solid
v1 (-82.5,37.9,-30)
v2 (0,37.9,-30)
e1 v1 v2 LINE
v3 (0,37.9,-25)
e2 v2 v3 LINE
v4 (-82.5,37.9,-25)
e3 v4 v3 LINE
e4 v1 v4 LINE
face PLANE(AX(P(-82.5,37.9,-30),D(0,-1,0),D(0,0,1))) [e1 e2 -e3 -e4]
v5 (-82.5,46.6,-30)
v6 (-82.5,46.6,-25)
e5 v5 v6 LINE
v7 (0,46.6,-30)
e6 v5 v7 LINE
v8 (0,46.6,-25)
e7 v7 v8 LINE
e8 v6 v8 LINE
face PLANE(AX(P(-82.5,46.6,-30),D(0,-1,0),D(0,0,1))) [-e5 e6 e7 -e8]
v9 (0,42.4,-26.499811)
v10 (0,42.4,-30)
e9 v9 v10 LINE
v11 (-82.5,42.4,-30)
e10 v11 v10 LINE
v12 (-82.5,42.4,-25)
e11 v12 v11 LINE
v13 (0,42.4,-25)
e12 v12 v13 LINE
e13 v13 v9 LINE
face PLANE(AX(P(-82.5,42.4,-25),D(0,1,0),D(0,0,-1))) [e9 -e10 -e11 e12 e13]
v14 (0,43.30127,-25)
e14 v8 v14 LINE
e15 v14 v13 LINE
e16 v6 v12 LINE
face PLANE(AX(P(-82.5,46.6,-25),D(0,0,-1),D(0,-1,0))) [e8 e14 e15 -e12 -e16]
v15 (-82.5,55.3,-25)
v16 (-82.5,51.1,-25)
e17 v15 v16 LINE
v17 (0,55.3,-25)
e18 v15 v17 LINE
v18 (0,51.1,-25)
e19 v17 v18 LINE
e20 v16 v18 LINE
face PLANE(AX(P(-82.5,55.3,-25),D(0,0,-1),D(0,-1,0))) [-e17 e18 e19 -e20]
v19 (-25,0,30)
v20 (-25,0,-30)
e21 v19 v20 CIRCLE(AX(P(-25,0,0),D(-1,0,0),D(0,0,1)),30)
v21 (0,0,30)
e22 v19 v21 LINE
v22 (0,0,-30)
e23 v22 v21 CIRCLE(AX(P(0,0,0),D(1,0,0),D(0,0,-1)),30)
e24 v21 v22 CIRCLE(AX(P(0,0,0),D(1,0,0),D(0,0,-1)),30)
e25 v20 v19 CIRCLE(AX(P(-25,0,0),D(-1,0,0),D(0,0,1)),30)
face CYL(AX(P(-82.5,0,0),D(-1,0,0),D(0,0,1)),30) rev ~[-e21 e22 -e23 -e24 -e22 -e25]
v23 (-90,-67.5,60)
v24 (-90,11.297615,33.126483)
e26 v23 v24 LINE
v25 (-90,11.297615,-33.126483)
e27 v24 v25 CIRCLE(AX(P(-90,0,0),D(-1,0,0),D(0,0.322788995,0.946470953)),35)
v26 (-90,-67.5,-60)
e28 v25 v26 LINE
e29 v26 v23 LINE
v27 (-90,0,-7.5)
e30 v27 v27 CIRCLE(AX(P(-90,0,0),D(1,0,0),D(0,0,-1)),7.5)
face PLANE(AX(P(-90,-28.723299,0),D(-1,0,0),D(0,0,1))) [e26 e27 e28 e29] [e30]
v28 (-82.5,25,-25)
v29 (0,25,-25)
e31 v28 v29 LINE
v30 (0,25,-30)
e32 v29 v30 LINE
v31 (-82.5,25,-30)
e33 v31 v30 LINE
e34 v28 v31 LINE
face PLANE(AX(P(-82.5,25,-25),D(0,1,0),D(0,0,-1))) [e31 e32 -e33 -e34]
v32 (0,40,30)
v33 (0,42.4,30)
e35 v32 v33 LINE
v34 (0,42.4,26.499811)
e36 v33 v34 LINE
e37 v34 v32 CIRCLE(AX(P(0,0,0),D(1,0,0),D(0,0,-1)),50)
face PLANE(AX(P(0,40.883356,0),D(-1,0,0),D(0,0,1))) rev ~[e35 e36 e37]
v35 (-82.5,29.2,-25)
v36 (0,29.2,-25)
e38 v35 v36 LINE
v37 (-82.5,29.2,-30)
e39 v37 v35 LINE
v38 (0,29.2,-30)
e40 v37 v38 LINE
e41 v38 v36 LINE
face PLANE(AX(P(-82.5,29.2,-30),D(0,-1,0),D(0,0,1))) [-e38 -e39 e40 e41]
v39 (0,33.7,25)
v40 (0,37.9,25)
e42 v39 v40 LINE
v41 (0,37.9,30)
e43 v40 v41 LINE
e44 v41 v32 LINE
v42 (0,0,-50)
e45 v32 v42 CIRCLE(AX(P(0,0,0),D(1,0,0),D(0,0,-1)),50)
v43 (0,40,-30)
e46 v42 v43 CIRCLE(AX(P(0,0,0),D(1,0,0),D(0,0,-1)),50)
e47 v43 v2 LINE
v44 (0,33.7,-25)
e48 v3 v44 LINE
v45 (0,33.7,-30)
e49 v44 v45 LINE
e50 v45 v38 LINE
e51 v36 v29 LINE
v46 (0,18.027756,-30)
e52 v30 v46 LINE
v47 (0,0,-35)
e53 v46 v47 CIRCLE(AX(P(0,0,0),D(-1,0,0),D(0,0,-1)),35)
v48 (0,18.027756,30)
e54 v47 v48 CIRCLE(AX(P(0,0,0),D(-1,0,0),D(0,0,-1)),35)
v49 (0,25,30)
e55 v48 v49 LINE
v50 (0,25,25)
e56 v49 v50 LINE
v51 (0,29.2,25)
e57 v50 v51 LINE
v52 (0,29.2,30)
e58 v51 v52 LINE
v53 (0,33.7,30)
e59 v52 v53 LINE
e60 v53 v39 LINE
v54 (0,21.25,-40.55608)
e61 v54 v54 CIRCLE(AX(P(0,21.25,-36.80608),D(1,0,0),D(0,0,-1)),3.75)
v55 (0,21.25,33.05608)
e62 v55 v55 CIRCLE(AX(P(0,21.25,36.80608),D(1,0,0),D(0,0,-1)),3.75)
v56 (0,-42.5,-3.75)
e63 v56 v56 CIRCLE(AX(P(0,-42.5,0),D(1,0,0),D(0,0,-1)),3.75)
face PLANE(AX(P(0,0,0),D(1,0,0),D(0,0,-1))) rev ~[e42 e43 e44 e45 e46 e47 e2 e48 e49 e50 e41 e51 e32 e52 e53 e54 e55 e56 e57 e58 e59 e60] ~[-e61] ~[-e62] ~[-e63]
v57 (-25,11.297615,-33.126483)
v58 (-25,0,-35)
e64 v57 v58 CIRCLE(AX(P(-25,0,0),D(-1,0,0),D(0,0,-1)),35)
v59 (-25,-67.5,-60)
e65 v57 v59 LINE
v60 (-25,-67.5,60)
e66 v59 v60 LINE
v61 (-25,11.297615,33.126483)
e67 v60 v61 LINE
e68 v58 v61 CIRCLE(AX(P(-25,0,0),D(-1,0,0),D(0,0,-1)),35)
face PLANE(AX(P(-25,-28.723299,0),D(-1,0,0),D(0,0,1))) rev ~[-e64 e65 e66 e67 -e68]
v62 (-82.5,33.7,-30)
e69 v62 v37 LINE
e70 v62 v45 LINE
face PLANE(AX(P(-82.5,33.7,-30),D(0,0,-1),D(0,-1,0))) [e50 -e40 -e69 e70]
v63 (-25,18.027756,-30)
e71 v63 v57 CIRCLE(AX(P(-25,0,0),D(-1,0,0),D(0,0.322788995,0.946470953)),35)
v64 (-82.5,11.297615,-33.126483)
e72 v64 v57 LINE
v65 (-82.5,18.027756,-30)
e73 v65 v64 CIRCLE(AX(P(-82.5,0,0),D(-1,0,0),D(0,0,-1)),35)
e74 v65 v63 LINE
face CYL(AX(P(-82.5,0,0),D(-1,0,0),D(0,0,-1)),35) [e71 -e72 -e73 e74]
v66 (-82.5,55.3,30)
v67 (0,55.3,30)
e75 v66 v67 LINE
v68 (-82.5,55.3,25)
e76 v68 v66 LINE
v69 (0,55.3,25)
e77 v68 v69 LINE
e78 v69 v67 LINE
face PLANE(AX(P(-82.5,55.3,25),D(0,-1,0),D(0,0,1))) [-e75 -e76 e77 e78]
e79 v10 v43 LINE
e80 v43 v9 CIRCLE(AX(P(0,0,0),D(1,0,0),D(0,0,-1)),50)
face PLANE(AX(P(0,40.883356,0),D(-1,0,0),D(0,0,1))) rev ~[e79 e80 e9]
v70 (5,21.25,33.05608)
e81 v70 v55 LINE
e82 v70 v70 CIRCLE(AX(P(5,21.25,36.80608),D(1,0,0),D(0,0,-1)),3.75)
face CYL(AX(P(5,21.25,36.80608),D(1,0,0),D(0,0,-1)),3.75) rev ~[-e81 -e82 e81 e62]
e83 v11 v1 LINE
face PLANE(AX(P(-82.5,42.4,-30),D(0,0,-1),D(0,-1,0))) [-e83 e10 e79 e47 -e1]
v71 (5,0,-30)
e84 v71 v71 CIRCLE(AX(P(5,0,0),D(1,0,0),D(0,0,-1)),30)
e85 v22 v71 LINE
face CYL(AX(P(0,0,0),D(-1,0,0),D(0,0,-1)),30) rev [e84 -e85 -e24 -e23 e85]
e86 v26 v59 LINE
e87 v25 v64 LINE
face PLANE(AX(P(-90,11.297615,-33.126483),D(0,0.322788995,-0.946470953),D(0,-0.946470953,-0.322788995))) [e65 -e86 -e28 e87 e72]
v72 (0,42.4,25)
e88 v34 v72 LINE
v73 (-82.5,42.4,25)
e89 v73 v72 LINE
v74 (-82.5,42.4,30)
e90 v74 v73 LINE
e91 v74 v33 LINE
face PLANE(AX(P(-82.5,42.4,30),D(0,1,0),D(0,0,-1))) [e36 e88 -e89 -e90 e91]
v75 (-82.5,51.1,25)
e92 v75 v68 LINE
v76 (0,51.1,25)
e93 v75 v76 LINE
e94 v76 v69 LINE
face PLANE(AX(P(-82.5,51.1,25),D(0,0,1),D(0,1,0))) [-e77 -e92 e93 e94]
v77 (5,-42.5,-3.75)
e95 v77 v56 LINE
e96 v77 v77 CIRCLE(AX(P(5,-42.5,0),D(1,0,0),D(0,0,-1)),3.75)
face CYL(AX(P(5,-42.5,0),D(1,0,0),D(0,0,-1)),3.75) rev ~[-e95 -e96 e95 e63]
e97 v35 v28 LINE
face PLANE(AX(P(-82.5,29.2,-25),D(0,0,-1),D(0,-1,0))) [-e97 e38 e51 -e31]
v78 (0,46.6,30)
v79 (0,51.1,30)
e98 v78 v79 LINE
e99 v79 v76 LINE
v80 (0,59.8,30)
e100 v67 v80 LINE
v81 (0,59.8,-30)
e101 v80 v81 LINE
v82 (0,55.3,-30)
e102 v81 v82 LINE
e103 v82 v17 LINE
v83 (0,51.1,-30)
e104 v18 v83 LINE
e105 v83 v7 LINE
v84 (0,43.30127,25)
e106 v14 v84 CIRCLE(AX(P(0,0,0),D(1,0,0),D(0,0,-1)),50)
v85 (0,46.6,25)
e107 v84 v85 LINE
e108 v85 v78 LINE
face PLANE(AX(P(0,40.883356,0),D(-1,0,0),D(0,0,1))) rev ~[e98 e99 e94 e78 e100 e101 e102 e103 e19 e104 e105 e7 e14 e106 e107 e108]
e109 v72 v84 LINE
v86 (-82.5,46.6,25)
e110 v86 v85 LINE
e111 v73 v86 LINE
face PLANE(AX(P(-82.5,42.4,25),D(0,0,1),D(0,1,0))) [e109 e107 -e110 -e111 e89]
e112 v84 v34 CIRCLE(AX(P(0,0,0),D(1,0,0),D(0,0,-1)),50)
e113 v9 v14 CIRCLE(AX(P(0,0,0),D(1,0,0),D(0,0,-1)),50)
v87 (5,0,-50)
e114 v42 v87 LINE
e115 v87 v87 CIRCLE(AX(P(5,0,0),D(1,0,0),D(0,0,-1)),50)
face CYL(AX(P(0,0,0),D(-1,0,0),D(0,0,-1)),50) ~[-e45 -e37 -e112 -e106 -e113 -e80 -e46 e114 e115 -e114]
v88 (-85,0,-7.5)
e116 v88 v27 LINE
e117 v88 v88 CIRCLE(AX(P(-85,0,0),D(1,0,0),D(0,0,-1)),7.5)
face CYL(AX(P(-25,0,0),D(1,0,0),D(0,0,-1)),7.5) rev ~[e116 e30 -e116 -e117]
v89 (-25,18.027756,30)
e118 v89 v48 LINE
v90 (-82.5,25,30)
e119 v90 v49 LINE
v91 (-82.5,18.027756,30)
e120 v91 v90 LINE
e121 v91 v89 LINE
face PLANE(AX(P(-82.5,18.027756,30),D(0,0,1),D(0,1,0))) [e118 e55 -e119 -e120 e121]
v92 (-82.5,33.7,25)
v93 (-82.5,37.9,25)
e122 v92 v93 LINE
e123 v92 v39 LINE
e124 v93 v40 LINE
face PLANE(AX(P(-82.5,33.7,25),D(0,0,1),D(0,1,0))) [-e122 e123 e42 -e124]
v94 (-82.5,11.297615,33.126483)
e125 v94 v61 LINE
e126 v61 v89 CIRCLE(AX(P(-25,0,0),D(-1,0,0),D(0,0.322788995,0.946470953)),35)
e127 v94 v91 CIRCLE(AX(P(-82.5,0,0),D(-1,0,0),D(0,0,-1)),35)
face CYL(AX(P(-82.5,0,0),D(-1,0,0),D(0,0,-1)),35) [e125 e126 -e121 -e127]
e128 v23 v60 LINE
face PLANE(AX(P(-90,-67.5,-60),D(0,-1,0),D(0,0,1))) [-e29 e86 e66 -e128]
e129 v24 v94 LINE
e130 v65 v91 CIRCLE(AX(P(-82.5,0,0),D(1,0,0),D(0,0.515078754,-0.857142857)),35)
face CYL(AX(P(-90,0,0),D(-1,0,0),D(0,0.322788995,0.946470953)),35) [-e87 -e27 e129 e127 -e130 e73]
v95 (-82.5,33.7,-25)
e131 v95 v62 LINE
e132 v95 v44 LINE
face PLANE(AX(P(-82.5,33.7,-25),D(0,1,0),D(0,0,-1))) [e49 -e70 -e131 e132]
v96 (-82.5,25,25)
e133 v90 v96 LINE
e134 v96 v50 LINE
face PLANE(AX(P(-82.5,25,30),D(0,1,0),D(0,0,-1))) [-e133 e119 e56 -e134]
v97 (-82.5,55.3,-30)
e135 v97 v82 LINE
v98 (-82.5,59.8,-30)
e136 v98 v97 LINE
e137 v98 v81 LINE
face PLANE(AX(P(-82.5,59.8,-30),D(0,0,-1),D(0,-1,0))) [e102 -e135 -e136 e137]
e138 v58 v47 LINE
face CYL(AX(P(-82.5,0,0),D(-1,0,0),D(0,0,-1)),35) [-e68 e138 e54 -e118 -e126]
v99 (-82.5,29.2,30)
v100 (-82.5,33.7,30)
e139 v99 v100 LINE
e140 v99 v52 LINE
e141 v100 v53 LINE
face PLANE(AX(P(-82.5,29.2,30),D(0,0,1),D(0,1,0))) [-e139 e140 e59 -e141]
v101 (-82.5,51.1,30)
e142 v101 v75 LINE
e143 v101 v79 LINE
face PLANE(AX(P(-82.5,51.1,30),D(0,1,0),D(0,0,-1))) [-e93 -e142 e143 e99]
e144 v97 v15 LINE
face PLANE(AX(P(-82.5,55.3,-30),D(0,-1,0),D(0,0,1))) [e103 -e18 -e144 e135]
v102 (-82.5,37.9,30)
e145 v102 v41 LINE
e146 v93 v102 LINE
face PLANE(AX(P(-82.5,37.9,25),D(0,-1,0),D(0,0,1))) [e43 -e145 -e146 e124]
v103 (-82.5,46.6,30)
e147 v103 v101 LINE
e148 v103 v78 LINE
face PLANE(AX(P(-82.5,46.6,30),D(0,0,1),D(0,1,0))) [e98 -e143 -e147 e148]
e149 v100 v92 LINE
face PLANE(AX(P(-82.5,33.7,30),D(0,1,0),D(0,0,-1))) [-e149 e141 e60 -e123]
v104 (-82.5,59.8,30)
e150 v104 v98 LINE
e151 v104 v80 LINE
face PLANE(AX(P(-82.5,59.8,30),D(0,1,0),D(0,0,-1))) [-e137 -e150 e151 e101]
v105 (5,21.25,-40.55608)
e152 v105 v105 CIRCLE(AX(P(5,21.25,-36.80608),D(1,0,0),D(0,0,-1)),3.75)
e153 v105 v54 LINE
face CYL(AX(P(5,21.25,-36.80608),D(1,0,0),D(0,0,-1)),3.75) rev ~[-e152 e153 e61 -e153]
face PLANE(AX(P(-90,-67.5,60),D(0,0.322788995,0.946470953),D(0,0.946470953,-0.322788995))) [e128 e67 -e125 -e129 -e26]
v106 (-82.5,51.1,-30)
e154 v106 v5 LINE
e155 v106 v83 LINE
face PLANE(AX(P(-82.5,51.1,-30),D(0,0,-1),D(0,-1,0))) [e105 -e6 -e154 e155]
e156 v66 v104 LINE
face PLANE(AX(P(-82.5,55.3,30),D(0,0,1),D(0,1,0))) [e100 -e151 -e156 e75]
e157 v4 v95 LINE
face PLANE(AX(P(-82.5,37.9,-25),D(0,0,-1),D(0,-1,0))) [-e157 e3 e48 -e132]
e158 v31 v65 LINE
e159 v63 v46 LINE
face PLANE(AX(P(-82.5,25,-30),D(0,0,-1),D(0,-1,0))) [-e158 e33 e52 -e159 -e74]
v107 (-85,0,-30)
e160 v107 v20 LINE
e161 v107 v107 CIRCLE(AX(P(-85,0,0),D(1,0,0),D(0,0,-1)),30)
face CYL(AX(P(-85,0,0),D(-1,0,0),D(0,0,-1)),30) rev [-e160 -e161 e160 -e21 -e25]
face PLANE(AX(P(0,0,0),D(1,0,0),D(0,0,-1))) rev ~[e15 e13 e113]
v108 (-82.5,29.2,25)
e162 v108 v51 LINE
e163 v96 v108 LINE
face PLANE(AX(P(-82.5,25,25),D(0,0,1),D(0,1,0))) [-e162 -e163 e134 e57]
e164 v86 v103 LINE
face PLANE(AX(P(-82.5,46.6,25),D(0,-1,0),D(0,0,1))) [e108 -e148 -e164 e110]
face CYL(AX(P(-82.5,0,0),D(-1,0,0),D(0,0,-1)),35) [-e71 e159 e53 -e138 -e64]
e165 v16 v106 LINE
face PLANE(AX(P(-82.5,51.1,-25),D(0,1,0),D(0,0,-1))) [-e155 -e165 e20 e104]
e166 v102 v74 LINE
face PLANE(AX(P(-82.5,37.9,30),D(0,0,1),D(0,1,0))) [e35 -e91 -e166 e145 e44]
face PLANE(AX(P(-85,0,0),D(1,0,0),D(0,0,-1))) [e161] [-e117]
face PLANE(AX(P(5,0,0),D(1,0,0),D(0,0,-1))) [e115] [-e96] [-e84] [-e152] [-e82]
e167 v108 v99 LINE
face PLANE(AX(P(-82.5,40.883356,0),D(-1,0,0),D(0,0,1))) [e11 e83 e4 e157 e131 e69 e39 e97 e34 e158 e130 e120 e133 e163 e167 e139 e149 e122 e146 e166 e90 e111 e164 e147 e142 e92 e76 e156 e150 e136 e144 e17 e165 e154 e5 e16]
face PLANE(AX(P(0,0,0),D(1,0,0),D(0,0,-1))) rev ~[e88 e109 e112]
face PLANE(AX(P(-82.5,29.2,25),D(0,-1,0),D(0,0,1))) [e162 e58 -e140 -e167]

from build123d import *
from build123d.topology import SkipClean

# Parameters (mm, degrees)
SKETCH1_R           = 50
SKETCH1_R_2         = 30
BOSS_EXTRUDE1_DEPTH = 5
BOSS_EXTRUDE2_START = 82.5
SKETCH2_R           = 35
SKETCH2_R_2         = 30
BOSS_EXTRUDE2_DEPTH = 82.5
BOSS_EXTRUDE3_DEPTH = 65
SKETCH4_R           = 3.75
CUT_EXTRUDE2_DEPTH  = 5
BOSS_EXTRUDE4_START = 82.5
BOSS_EXTRUDE4_DEPTH = 82.5
SKETCH7_R           = 7.5
CUT_EXTRUDE3_DEPTH  = 112.271065421
CUT_EXTRUDE4_START  = -60
SKETCH8_R           = 30
CUT_EXTRUDE4_DEPTH  = 60


with BuildPart() as part:
    # Sketch1 → Boss-Extrude1 (new body)
    with BuildSketch(Plane(origin=(0, 0, 0), x_dir=(0, 0, -1), z_dir=(1, 0, 0))):
        Circle(SKETCH1_R)
        Circle(SKETCH1_R_2, mode=Mode.SUBTRACT)
    extrude(amount=BOSS_EXTRUDE1_DEPTH)

    # Sketch2 → Boss-Extrude2 (add)
    with SkipClean():  # the faces are left unmerged after this step: merging them gives an invalid solid
        with BuildSketch(Plane.ZY.offset(BOSS_EXTRUDE2_START)):
            with Locations(Location((0, 0, 0), (0, 0, 180))):
                Circle(SKETCH2_R)
            Circle(SKETCH2_R_2, mode=Mode.SUBTRACT)
        extrude(amount=-BOSS_EXTRUDE2_DEPTH)

    # Sketch3 → Boss-Extrude3 (add)
    with SkipClean():  # the faces are left unmerged after this step: merging them gives an invalid solid
        with BuildSketch(Plane.ZY.offset(90)):
            with BuildLine():
                Line((-60, -67.5), (60, -67.5))
                Line((60, -67.5), (33.12648335, 11.29761483))
                ThreePointArc((33.12648335, 11.29761483), (0, 35), (-33.12648335, 11.29761483))
                Line((-33.12648335, 11.29761483), (-60, -67.5))
            make_face()
        extrude(amount=-BOSS_EXTRUDE3_DEPTH)

    # Sketch4 → Cut-Extrude2 (cut)
    with SkipClean():  # the faces are left unmerged after this step: merging them gives an invalid solid
        with BuildSketch(Plane(origin=(5, 0, 0), x_dir=(0, 0, -1), z_dir=(1, 0, 0))):
            with Locations((0, -42.5)):
                Circle(SKETCH4_R)
            with Locations((-36.806079661, 21.25)):
                Circle(SKETCH4_R)
            with Locations((36.806079661, 21.25)):
                Circle(SKETCH4_R)
        extrude(amount=-CUT_EXTRUDE2_DEPTH, mode=Mode.SUBTRACT)

    # Sketch6 → Boss-Extrude4 (add)
    with SkipClean():  # the faces are left unmerged after this step: merging them gives an invalid solid
        with BuildSketch(Plane.ZY.offset(BOSS_EXTRUDE4_START)):
            with BuildLine():
                Line((-25, 25), (-30, 25))
                Line((-30, 25), (-30, 18.027756377))
                ThreePointArc((-30, 18.027756377), (0, 35), (30, 18.027756377))
                Line((30, 18.027756377), (30, 25))
                Line((30, 25), (25, 25))
                Line((25, 25), (25, 29.2))
                Line((25, 29.2), (30, 29.2))
                Line((30, 29.2), (30, 33.7))
                Line((30, 33.7), (25, 33.7))
                Line((25, 33.7), (25, 37.9))
                Line((25, 37.9), (30, 37.9))
                Line((30, 37.9), (30, 42.4))
                Line((30, 42.4), (25, 42.4))
                Line((25, 42.4), (25, 46.6))
                Line((25, 46.6), (30, 46.6))
                Line((30, 46.6), (30, 51.1))
                Line((30, 51.1), (25, 51.1))
                Line((25, 51.1), (25, 55.3))
                Line((25, 55.3), (30, 55.3))
                Line((30, 55.3), (30, 59.8))
                Line((30, 59.8), (-30, 59.8))
                Line((-30, 59.8), (-30, 55.3))
                Line((-30, 55.3), (-25, 55.3))
                Line((-25, 55.3), (-25, 51.1))
                Line((-25, 51.1), (-30, 51.1))
                Line((-30, 51.1), (-30, 46.6))
                Line((-30, 46.6), (-25, 46.6))
                Line((-25, 46.6), (-25, 42.4))
                Line((-25, 42.4), (-30, 42.4))
                Line((-30, 42.4), (-30, 37.9))
                Line((-30, 37.9), (-25, 37.9))
                Line((-25, 37.9), (-25, 33.7))
                Line((-25, 33.7), (-30, 33.7))
                Line((-30, 33.7), (-30, 29.2))
                Line((-30, 29.2), (-25, 29.2))
                Line((-25, 29.2), (-25, 25))
            make_face()
        extrude(amount=-BOSS_EXTRUDE4_DEPTH)

    # Sketch7 → Cut-Extrude3 (cut, through all)
    with SkipClean():  # the faces are left unmerged after this step: merging them gives an invalid solid
        with BuildSketch(Plane(origin=(-25, 0, 0), x_dir=(0, 0, -1), z_dir=(1, 0, 0))):
            Circle(SKETCH7_R)
        extrude(amount=-CUT_EXTRUDE3_DEPTH, mode=Mode.SUBTRACT)

    # Sketch8 → Cut-Extrude4 (cut)
    with SkipClean():  # the faces are left unmerged after this step: merging them gives an invalid solid
        with BuildSketch(Plane(origin=(-25, 0, 0), x_dir=(0, 0, -1), z_dir=(1, 0, 0)).offset(CUT_EXTRUDE4_START)):
            Circle(SKETCH8_R)
        extrude(amount=CUT_EXTRUDE4_DEPTH, mode=Mode.SUBTRACT)


solid = part.part
